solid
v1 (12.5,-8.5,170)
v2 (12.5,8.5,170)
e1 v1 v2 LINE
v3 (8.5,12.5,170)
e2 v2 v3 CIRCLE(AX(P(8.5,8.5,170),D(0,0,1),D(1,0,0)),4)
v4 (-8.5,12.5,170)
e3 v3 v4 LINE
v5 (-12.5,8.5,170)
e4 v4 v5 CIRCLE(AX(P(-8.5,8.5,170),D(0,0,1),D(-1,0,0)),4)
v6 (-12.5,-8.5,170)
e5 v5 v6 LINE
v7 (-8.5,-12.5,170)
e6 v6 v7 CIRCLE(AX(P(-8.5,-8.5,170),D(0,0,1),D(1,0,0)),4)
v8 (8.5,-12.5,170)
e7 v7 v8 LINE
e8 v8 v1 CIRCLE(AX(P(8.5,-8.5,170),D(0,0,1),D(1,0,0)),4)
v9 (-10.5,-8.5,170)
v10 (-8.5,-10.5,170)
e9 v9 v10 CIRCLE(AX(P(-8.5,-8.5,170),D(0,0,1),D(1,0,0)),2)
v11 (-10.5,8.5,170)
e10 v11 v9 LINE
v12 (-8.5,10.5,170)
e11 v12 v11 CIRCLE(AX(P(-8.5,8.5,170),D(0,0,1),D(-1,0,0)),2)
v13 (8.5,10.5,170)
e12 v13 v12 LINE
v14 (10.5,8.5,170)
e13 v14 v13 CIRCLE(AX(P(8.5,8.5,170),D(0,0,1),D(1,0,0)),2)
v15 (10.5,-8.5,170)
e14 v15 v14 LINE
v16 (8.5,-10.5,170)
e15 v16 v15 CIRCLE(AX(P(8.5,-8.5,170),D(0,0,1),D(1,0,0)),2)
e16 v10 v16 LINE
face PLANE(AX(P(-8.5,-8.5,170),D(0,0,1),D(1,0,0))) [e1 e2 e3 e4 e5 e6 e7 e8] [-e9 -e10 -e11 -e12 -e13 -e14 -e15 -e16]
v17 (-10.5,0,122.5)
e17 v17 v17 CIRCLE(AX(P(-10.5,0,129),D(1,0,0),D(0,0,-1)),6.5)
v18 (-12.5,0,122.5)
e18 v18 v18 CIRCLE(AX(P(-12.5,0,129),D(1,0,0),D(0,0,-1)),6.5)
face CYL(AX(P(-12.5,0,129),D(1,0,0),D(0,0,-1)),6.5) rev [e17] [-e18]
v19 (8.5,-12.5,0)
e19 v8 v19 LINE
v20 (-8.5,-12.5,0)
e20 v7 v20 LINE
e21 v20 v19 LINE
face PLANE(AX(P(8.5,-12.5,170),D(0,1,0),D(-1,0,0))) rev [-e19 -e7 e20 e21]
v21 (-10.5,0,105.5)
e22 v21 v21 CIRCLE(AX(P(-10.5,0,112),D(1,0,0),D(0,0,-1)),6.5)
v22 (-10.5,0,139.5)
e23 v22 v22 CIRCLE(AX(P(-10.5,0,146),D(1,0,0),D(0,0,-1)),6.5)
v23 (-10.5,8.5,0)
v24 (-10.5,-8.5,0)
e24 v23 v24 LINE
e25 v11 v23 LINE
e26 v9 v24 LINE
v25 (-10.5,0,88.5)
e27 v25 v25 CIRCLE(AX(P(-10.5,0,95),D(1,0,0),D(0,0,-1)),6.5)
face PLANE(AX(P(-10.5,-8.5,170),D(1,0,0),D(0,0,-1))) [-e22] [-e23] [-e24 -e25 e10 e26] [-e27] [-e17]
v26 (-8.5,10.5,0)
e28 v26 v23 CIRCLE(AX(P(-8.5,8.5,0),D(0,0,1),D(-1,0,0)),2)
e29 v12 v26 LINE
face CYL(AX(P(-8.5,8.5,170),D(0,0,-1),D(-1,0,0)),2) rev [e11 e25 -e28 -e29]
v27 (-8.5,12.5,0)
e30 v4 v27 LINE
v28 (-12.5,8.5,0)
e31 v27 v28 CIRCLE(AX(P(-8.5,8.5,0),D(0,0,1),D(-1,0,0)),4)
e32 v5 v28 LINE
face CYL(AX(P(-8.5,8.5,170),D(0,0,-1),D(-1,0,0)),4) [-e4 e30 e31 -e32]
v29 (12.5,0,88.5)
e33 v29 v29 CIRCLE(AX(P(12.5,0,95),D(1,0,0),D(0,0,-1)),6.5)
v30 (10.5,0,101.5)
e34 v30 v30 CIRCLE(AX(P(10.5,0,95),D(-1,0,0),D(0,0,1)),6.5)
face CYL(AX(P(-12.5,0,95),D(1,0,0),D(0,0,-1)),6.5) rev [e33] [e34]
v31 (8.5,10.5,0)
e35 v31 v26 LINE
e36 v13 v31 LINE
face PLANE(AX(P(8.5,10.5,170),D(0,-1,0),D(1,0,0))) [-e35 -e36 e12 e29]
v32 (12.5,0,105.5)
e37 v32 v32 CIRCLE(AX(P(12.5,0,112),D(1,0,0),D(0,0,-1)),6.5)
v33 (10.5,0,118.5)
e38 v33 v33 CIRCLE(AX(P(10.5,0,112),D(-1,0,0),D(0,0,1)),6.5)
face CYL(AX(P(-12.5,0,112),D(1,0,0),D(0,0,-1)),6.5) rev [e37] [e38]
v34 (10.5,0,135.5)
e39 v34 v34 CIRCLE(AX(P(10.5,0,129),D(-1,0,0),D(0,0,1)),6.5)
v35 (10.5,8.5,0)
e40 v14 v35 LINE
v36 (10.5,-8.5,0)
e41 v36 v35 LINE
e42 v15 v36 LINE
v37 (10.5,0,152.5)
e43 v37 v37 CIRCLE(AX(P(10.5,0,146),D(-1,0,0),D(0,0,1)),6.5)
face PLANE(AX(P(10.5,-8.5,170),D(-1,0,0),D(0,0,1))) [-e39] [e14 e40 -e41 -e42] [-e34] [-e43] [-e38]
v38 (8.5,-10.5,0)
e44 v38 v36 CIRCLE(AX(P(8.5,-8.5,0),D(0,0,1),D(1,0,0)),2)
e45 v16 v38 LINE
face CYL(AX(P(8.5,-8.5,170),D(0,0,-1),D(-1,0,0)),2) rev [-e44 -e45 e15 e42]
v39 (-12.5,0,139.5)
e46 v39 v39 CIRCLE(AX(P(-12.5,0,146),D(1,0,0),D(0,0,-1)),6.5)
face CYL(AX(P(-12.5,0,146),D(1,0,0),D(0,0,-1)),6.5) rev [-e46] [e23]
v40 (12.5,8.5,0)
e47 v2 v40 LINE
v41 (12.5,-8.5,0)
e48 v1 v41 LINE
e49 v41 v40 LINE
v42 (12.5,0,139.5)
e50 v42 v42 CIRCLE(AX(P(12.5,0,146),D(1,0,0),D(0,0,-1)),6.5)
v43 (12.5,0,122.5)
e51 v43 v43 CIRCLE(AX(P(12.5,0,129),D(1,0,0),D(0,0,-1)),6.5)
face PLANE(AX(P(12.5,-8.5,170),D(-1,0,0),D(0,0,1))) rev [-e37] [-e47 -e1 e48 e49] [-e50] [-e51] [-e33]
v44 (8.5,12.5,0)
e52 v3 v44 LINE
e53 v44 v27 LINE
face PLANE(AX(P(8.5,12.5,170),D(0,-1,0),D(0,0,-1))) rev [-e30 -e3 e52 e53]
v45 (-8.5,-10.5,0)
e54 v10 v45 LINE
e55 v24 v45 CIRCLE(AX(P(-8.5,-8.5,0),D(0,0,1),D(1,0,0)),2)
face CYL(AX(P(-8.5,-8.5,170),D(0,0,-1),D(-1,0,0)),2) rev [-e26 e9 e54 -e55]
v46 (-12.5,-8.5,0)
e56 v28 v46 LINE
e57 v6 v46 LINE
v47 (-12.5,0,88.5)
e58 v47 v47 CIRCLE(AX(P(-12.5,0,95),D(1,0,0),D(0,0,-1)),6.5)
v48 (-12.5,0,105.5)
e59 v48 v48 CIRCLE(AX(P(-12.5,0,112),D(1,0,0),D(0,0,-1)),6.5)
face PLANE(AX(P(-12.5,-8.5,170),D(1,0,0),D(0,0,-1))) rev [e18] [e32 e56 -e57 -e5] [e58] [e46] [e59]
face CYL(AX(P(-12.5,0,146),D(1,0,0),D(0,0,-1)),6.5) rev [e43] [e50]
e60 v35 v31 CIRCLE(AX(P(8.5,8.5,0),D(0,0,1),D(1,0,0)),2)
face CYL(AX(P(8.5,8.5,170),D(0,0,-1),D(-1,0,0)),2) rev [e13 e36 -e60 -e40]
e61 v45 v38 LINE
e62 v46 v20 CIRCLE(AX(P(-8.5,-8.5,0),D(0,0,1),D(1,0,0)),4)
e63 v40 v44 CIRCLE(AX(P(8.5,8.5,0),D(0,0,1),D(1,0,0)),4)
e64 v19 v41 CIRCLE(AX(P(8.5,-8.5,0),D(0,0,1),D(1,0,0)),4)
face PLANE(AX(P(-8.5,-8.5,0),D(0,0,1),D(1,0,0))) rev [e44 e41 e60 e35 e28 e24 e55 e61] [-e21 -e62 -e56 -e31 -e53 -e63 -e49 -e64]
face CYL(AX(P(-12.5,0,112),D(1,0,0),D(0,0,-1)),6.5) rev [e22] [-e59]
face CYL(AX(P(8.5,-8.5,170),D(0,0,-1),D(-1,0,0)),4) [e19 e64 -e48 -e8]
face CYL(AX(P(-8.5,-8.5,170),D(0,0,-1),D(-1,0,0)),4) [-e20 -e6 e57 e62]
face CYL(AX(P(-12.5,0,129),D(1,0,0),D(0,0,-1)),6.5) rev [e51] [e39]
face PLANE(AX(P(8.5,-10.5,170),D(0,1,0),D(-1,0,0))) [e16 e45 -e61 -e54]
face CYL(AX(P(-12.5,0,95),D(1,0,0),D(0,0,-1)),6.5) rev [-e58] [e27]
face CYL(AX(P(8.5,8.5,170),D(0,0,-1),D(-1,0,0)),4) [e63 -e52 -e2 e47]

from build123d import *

# Parameters (mm, degrees)
EXTRUDE_1_DEPTH     = 170
SKETCH_2_R          = 6.5
CUT_EXTRUDE_1_DEPTH = 173.28247154


with BuildPart() as part:
    # Эскиз1 → Бобышка-Вытянуть1 (new body)
    with BuildSketch(Plane.XY):
        with BuildLine():
            Line((8.5, -12.5), (-8.5, -12.5))
            ThreePointArc((-8.5, -12.5), (-11.328427125, -11.328427125), (-12.5, -8.5))
            Line((-12.5, -8.5), (-12.5, 8.5))
            ThreePointArc((-12.5, 8.5), (-11.328427125, 11.328427125), (-8.5, 12.5))
            Line((-8.5, 12.5), (8.5, 12.5))
            ThreePointArc((8.5, 12.5), (11.328427125, 11.328427125), (12.5, 8.5))
            Line((12.5, 8.5), (12.5, -8.5))
            ThreePointArc((12.5, -8.5), (11.328427125, -11.328427125), (8.5, -12.5))
        make_face()
        with BuildLine():
            Line((-10.5, -8.5), (-10.5, 8.5))
            ThreePointArc((-10.5, 8.5), (-9.914213562, 9.914213562), (-8.5, 10.5))
            Line((-8.5, 10.5), (8.5, 10.5))
            ThreePointArc((8.5, 10.5), (9.914213562, 9.914213562), (10.5, 8.5))
            Line((10.5, 8.5), (10.5, -8.5))
            ThreePointArc((10.5, -8.5), (9.914213562, -9.914213562), (8.5, -10.5))
            Line((8.5, -10.5), (-8.5, -10.5))
            ThreePointArc((-8.5, -10.5), (-9.914213562, -9.914213562), (-10.5, -8.5))
        make_face(mode=Mode.SUBTRACT)
    extrude(amount=EXTRUDE_1_DEPTH)

    # Эскиз2 → Вырез-Вытянуть1 (cut, through all)
    with BuildSketch(Plane(origin=(12.5, 0, 0), x_dir=(0, 0, -1), z_dir=(1, 0, 0))):
        with Locations((-146, 0)):
            Circle(SKETCH_2_R)
        with Locations((-129, 0)):
            Circle(SKETCH_2_R)
        with Locations((-112, 0)):
            Circle(SKETCH_2_R)
        with Locations((-95, 0)):
            Circle(SKETCH_2_R)
    extrude(amount=-CUT_EXTRUDE_1_DEPTH, mode=Mode.SUBTRACT)


solid = part.part
